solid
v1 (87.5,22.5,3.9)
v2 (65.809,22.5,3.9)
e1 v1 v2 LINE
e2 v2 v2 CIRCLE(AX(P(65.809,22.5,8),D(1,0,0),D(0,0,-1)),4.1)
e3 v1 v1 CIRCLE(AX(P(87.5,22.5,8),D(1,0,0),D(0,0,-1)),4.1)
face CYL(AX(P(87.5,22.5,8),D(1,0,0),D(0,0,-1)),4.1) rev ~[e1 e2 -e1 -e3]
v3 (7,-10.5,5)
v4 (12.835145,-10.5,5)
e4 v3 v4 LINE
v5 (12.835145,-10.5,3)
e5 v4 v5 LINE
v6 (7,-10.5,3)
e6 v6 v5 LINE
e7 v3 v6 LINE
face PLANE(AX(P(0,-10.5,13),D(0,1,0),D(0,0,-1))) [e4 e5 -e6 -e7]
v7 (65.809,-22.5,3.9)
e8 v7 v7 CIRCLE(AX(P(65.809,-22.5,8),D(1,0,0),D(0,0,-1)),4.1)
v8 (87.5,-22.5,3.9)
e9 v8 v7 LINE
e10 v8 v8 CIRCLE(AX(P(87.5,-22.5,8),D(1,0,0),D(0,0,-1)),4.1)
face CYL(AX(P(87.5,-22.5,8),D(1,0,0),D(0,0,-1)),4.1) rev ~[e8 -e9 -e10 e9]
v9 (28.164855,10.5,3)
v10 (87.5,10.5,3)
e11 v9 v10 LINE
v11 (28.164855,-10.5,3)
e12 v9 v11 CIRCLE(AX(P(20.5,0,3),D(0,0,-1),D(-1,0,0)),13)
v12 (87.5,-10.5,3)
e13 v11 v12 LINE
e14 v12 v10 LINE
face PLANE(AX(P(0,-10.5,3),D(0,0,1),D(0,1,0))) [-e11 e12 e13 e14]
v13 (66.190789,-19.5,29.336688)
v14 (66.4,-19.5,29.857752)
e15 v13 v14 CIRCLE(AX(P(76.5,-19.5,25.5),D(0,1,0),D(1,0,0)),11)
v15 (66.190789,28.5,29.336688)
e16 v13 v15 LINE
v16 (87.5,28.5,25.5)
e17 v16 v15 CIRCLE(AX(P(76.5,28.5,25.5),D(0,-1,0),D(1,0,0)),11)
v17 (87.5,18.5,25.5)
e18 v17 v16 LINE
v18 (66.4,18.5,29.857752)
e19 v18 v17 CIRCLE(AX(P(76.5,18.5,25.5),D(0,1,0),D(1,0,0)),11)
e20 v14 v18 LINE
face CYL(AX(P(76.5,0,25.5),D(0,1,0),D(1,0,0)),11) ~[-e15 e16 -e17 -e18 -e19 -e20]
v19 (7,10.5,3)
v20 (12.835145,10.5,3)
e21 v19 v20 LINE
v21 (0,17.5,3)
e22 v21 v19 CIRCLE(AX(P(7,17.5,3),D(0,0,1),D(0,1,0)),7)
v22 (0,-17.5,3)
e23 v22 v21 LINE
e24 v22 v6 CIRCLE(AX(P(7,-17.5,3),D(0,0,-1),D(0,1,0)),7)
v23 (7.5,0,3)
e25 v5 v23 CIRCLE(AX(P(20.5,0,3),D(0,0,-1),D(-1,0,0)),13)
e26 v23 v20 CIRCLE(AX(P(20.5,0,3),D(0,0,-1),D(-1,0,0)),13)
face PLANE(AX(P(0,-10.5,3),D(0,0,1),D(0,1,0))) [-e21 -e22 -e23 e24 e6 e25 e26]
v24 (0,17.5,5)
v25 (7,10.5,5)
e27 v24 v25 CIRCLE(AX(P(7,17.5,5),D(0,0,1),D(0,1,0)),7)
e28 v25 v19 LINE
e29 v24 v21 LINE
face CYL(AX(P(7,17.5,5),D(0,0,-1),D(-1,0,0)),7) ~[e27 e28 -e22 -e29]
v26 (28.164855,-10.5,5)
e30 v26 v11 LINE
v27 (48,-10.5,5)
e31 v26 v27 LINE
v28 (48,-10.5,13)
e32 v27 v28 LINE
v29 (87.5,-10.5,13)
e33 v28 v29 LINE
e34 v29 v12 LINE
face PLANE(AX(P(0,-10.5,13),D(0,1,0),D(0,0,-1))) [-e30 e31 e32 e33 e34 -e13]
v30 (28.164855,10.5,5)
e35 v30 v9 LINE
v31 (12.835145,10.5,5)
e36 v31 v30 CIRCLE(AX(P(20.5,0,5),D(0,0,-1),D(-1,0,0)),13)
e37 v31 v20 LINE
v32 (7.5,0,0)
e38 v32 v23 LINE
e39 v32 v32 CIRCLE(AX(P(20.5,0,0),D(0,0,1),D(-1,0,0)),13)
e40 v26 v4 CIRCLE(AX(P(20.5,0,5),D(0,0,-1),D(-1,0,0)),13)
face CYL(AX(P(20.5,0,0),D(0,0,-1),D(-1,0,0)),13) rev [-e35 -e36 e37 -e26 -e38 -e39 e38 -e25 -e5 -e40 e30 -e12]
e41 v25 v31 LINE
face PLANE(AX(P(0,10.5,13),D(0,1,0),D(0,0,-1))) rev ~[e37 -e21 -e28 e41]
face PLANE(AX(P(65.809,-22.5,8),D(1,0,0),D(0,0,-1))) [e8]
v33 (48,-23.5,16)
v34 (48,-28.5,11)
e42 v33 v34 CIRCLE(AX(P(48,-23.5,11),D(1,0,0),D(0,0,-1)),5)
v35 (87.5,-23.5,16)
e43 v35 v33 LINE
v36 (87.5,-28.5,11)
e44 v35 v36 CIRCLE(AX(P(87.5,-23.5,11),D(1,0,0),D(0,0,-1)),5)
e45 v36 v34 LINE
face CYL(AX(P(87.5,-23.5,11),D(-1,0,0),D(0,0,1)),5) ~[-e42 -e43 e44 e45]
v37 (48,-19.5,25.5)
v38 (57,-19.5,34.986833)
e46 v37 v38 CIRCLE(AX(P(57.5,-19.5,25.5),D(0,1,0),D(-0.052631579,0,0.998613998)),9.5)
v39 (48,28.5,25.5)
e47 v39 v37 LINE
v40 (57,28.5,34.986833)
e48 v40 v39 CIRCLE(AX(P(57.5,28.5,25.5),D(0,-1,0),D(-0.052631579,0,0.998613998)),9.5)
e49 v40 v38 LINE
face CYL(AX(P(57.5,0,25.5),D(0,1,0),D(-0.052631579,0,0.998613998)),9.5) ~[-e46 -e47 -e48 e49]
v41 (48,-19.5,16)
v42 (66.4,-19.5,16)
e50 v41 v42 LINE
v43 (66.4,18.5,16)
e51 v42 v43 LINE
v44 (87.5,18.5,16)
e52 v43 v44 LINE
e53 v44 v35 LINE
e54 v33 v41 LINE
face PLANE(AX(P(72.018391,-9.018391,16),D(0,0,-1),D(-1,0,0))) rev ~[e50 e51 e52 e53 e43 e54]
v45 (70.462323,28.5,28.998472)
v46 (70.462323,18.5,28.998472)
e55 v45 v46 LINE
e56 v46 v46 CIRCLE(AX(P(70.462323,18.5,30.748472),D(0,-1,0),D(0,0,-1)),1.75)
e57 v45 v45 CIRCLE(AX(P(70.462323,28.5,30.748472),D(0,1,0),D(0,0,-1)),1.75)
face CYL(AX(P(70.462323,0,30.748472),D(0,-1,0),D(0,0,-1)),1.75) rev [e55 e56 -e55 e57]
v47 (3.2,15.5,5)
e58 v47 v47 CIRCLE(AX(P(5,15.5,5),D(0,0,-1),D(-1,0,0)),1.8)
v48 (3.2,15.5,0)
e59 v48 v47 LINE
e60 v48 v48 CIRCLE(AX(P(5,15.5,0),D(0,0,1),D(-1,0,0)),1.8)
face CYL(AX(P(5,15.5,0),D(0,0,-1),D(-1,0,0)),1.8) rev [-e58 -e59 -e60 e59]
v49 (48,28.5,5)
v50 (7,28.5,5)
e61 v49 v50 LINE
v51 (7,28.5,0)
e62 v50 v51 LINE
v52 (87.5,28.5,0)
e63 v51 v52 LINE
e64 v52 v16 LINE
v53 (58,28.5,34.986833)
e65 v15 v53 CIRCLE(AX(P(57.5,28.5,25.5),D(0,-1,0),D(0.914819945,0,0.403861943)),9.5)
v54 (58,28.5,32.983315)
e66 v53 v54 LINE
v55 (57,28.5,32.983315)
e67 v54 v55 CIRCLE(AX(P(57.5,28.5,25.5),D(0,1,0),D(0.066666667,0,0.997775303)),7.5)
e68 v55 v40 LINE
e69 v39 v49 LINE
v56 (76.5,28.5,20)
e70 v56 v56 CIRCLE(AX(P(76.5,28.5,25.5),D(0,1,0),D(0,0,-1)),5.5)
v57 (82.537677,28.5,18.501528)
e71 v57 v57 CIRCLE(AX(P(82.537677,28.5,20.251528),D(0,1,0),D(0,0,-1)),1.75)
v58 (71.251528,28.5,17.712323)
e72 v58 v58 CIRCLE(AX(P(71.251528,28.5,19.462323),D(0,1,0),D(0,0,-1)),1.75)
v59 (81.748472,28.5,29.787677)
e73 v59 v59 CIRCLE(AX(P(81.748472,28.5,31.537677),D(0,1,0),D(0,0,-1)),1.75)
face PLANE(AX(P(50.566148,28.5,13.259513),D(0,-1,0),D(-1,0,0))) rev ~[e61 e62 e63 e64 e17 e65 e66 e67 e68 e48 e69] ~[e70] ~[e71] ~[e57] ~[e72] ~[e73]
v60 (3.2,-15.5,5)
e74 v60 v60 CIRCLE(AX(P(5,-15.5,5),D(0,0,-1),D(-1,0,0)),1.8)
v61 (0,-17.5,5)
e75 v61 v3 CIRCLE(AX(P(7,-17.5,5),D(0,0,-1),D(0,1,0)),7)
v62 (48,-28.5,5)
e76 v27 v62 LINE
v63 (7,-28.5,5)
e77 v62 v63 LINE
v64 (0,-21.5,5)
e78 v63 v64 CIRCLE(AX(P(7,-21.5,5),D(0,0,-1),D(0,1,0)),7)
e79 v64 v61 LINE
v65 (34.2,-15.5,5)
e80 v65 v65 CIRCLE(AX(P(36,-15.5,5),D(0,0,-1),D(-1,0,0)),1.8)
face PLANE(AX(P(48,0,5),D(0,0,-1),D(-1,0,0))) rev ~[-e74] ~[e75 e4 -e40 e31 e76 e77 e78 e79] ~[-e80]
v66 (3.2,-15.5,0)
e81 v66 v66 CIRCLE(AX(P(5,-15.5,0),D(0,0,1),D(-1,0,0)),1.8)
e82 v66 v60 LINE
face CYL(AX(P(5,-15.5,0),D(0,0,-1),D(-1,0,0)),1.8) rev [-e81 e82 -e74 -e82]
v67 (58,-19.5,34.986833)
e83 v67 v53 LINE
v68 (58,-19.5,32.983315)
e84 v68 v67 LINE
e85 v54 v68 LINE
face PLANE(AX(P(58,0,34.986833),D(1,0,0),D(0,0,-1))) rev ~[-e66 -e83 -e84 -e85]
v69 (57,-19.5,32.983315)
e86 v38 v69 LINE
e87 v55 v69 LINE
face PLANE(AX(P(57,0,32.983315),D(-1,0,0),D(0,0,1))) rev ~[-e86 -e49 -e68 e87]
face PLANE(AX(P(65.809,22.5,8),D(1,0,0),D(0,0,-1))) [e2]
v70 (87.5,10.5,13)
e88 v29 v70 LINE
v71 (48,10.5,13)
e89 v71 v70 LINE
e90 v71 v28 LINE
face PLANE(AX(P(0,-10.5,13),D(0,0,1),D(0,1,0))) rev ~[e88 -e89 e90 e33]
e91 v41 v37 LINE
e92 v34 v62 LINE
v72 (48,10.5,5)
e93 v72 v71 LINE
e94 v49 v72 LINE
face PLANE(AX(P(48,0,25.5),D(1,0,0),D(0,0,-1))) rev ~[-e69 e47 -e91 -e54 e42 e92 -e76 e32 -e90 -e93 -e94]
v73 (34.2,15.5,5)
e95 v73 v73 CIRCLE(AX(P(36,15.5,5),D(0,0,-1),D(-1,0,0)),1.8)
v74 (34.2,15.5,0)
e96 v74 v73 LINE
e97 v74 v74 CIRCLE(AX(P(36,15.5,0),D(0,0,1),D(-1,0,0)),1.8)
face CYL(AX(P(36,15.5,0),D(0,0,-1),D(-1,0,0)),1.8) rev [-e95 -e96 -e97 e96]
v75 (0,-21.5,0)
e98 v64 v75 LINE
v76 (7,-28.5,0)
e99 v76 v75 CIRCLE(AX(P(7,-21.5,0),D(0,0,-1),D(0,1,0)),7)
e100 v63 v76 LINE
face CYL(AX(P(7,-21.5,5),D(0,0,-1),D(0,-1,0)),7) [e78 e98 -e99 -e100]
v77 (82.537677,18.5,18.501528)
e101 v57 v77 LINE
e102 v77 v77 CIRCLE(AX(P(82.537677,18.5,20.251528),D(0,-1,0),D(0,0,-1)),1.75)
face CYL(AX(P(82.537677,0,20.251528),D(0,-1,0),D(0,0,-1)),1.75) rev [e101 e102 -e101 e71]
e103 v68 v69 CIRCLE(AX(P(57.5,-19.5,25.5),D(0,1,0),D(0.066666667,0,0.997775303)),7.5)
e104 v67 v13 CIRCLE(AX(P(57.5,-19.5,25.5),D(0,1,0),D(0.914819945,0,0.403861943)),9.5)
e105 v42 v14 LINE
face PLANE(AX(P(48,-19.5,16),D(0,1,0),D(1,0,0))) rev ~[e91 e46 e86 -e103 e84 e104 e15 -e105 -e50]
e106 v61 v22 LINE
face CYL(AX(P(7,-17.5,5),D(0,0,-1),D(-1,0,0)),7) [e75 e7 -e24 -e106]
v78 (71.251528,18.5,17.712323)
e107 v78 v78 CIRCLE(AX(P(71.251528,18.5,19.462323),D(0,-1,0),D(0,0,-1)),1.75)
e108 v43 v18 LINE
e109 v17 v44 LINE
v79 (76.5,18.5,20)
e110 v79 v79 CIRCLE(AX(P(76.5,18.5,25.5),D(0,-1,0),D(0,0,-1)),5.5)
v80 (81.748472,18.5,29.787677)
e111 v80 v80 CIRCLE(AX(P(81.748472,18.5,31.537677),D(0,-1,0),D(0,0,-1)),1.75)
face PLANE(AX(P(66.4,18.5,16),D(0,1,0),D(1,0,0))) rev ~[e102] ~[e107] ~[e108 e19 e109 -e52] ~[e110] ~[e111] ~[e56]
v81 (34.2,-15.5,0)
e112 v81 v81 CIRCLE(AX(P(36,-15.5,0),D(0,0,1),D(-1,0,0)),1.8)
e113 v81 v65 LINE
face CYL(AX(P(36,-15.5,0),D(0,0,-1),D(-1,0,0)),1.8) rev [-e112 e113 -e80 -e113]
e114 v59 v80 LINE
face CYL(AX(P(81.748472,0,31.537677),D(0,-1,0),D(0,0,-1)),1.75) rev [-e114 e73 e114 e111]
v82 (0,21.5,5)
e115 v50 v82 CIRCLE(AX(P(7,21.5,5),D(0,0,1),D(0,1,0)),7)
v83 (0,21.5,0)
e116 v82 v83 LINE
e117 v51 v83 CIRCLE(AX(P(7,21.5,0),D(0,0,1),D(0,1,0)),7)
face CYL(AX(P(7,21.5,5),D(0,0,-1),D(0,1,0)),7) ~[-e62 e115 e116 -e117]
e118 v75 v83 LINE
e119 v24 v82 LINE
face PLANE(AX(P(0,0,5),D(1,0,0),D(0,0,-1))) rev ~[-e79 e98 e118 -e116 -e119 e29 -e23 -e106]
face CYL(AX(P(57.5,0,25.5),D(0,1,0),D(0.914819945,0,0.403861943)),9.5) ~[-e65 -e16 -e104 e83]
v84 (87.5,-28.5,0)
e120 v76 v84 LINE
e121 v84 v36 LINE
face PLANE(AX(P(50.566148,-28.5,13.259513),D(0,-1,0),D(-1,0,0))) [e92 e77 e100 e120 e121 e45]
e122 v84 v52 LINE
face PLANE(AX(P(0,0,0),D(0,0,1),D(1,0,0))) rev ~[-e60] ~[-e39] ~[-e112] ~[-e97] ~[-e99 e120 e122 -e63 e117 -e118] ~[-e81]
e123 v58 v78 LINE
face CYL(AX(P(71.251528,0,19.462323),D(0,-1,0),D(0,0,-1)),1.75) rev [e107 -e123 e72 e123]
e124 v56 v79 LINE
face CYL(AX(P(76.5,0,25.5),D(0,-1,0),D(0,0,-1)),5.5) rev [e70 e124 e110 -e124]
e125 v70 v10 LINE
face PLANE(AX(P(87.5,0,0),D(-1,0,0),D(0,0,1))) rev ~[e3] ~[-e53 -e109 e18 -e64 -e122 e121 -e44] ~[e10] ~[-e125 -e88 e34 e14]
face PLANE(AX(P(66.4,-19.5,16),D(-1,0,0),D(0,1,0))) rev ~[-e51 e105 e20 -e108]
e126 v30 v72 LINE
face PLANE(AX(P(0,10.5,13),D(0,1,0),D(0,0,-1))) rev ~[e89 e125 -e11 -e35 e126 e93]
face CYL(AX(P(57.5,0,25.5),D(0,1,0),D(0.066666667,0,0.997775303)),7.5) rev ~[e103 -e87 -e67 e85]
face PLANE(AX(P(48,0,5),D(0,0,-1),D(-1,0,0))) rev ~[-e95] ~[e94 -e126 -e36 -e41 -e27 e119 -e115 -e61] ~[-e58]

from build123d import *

# Parameters (mm, degrees)
SKETCH2_R             = 5.5
SKETCH2_R_2           = 1.75
BOSS_EXTRUDE1_DEPTH   = 28.5
CUT_EXTRUDE1_START    = 16
CUT_EXTRUDE1_DEPTH    = 83.998737366
SKETCH4_R             = 1.8
SKETCH4_R_2           = 13
HOLES_FOR_MOTOR_DEPTH = 99.998737366
SKETCH6_W             = 10
SKETCH6_H             = 21
CUT_EXTRUDE3_DEPTH    = 99.998737366
SKETCH11_R            = 4.1
CUT_EXTRUDE7_DEPTH    = 21.691
FILLET2_R             = 5
FILLET3_R             = 7


with BuildPart() as part:
    # Sketch2 → Boss-Extrude1 (new, symmetric)
    with BuildSketch(Plane(origin=(0, 0, 0), x_dir=(1, 0, 0), z_dir=(0, 1, 0))):
        with BuildLine():
            Line((58, -34.986832981), (58, -32.983314774))
            ThreePointArc((58, -32.983314774), (57.5, -18), (57, -32.983314774))
            Line((57, -32.983314774), (57, -34.986832981))
            ThreePointArc((57, -34.986832981), (50.607975624, -32.038348415), (48, -25.5))
            Line((48, -25.5), (48, -5))
            Line((48, -5), (0, -5))
            Line((0, -5), (0, 0))
            Line((0, 0), (87.5, 0))
            Line((87.5, 0), (87.5, -25.5))
            ThreePointArc((87.5, -25.5), (78.449190115, -36.325925267), (66.190789474, -29.336688458))
            ThreePointArc((66.190789474, -29.336688458), (62.894319797, -33.319930558), (58, -34.986832981))
        make_face()
        with Locations(Location((76.5, -25.5, 0), (0, 0, 90))):
            Circle(SKETCH2_R, mode=Mode.SUBTRACT)
        with Locations(Location((70.462323358, -30.748472232, 0), (0, 0, 90))):
            Circle(SKETCH2_R_2, mode=Mode.SUBTRACT)
        with Locations(Location((82.537676642, -20.251527768, 0), (0, 0, 90))):
            Circle(SKETCH2_R_2, mode=Mode.SUBTRACT)
        with Locations(Location((71.251527768, -19.462323358, 0), (0, 0, 90))):
            Circle(SKETCH2_R_2, mode=Mode.SUBTRACT)
        with Locations(Location((81.748472232, -31.537676642, 0), (0, 0, 90))):
            Circle(SKETCH2_R_2, mode=Mode.SUBTRACT)
    extrude(amount=BOSS_EXTRUDE1_DEPTH, both=True)

    # Sketch3 → Cut-Extrude1 (cut, through all)
    with BuildSketch(Plane.XY.offset(CUT_EXTRUDE1_START)):
        Polygon((66.4, 18.5), (88, 18.5), (88, -28.5), (48, -28.5), (48, -19.5), (66.4, -19.5), align=None)
    extrude(amount=CUT_EXTRUDE1_DEPTH, mode=Mode.SUBTRACT)

    # Sketch4 → Holes-for-motor (cut, through all)
    with BuildSketch(Plane.XY):
        with Locations(Location((5, 15.5, 0), (0, 0, 180))):
            Circle(SKETCH4_R)
        with Locations(Location((36, 15.5, 0), (0, 0, 180))):
            Circle(SKETCH4_R)
        with Locations(Location((5, -15.5, 0), (0, 0, 180))):
            Circle(SKETCH4_R)
        with Locations(Location((36, -15.5, 0), (0, 0, 180))):
            Circle(SKETCH4_R)
        with Locations(Location((20.5, 0, 0), (0, 0, 180))):
            Circle(SKETCH4_R_2)
    extrude(amount=HOLES_FOR_MOTOR_DEPTH, mode=Mode.SUBTRACT)

    # Sketch6 → Cut-Extrude3 (cut, through all)
    with BuildSketch(Plane(origin=(0, 0, 0), x_dir=(0, 0, -1), z_dir=(1, 0, 0))):
        with Locations((-8, 0)):
            Rectangle(SKETCH6_W, SKETCH6_H)
    extrude(amount=CUT_EXTRUDE3_DEPTH, mode=Mode.SUBTRACT)

    # Sketch11 → Cut-Extrude7 (cut)
    with BuildSketch(Plane(origin=(87.5, 0, 0), x_dir=(0, 0, -1), z_dir=(1, 0, 0))):
        with Locations((-8, -22.5)):
            Circle(SKETCH11_R)
        with Locations((-8, 22.5)):
            Circle(SKETCH11_R)
    extrude(amount=-CUT_EXTRUDE7_DEPTH, mode=Mode.SUBTRACT)

    # Fillet2
    fillet2_edges = [part.edges().sort_by_distance(p)[0] for p in [
        (67.75, -28.5, 16),
    ]]
    fillet(fillet2_edges, radius=FILLET2_R)

    # Fillet3
    fillet3_edges = [part.edges().sort_by_distance(p)[0] for p in [
        (0, -10.5, 4),
        (0, 10.5, 4),
        (0, -28.5, 2.5),
        (0, 28.5, 2.5),
    ]]
    fillet(fillet3_edges, radius=FILLET3_R)


solid = part.part
